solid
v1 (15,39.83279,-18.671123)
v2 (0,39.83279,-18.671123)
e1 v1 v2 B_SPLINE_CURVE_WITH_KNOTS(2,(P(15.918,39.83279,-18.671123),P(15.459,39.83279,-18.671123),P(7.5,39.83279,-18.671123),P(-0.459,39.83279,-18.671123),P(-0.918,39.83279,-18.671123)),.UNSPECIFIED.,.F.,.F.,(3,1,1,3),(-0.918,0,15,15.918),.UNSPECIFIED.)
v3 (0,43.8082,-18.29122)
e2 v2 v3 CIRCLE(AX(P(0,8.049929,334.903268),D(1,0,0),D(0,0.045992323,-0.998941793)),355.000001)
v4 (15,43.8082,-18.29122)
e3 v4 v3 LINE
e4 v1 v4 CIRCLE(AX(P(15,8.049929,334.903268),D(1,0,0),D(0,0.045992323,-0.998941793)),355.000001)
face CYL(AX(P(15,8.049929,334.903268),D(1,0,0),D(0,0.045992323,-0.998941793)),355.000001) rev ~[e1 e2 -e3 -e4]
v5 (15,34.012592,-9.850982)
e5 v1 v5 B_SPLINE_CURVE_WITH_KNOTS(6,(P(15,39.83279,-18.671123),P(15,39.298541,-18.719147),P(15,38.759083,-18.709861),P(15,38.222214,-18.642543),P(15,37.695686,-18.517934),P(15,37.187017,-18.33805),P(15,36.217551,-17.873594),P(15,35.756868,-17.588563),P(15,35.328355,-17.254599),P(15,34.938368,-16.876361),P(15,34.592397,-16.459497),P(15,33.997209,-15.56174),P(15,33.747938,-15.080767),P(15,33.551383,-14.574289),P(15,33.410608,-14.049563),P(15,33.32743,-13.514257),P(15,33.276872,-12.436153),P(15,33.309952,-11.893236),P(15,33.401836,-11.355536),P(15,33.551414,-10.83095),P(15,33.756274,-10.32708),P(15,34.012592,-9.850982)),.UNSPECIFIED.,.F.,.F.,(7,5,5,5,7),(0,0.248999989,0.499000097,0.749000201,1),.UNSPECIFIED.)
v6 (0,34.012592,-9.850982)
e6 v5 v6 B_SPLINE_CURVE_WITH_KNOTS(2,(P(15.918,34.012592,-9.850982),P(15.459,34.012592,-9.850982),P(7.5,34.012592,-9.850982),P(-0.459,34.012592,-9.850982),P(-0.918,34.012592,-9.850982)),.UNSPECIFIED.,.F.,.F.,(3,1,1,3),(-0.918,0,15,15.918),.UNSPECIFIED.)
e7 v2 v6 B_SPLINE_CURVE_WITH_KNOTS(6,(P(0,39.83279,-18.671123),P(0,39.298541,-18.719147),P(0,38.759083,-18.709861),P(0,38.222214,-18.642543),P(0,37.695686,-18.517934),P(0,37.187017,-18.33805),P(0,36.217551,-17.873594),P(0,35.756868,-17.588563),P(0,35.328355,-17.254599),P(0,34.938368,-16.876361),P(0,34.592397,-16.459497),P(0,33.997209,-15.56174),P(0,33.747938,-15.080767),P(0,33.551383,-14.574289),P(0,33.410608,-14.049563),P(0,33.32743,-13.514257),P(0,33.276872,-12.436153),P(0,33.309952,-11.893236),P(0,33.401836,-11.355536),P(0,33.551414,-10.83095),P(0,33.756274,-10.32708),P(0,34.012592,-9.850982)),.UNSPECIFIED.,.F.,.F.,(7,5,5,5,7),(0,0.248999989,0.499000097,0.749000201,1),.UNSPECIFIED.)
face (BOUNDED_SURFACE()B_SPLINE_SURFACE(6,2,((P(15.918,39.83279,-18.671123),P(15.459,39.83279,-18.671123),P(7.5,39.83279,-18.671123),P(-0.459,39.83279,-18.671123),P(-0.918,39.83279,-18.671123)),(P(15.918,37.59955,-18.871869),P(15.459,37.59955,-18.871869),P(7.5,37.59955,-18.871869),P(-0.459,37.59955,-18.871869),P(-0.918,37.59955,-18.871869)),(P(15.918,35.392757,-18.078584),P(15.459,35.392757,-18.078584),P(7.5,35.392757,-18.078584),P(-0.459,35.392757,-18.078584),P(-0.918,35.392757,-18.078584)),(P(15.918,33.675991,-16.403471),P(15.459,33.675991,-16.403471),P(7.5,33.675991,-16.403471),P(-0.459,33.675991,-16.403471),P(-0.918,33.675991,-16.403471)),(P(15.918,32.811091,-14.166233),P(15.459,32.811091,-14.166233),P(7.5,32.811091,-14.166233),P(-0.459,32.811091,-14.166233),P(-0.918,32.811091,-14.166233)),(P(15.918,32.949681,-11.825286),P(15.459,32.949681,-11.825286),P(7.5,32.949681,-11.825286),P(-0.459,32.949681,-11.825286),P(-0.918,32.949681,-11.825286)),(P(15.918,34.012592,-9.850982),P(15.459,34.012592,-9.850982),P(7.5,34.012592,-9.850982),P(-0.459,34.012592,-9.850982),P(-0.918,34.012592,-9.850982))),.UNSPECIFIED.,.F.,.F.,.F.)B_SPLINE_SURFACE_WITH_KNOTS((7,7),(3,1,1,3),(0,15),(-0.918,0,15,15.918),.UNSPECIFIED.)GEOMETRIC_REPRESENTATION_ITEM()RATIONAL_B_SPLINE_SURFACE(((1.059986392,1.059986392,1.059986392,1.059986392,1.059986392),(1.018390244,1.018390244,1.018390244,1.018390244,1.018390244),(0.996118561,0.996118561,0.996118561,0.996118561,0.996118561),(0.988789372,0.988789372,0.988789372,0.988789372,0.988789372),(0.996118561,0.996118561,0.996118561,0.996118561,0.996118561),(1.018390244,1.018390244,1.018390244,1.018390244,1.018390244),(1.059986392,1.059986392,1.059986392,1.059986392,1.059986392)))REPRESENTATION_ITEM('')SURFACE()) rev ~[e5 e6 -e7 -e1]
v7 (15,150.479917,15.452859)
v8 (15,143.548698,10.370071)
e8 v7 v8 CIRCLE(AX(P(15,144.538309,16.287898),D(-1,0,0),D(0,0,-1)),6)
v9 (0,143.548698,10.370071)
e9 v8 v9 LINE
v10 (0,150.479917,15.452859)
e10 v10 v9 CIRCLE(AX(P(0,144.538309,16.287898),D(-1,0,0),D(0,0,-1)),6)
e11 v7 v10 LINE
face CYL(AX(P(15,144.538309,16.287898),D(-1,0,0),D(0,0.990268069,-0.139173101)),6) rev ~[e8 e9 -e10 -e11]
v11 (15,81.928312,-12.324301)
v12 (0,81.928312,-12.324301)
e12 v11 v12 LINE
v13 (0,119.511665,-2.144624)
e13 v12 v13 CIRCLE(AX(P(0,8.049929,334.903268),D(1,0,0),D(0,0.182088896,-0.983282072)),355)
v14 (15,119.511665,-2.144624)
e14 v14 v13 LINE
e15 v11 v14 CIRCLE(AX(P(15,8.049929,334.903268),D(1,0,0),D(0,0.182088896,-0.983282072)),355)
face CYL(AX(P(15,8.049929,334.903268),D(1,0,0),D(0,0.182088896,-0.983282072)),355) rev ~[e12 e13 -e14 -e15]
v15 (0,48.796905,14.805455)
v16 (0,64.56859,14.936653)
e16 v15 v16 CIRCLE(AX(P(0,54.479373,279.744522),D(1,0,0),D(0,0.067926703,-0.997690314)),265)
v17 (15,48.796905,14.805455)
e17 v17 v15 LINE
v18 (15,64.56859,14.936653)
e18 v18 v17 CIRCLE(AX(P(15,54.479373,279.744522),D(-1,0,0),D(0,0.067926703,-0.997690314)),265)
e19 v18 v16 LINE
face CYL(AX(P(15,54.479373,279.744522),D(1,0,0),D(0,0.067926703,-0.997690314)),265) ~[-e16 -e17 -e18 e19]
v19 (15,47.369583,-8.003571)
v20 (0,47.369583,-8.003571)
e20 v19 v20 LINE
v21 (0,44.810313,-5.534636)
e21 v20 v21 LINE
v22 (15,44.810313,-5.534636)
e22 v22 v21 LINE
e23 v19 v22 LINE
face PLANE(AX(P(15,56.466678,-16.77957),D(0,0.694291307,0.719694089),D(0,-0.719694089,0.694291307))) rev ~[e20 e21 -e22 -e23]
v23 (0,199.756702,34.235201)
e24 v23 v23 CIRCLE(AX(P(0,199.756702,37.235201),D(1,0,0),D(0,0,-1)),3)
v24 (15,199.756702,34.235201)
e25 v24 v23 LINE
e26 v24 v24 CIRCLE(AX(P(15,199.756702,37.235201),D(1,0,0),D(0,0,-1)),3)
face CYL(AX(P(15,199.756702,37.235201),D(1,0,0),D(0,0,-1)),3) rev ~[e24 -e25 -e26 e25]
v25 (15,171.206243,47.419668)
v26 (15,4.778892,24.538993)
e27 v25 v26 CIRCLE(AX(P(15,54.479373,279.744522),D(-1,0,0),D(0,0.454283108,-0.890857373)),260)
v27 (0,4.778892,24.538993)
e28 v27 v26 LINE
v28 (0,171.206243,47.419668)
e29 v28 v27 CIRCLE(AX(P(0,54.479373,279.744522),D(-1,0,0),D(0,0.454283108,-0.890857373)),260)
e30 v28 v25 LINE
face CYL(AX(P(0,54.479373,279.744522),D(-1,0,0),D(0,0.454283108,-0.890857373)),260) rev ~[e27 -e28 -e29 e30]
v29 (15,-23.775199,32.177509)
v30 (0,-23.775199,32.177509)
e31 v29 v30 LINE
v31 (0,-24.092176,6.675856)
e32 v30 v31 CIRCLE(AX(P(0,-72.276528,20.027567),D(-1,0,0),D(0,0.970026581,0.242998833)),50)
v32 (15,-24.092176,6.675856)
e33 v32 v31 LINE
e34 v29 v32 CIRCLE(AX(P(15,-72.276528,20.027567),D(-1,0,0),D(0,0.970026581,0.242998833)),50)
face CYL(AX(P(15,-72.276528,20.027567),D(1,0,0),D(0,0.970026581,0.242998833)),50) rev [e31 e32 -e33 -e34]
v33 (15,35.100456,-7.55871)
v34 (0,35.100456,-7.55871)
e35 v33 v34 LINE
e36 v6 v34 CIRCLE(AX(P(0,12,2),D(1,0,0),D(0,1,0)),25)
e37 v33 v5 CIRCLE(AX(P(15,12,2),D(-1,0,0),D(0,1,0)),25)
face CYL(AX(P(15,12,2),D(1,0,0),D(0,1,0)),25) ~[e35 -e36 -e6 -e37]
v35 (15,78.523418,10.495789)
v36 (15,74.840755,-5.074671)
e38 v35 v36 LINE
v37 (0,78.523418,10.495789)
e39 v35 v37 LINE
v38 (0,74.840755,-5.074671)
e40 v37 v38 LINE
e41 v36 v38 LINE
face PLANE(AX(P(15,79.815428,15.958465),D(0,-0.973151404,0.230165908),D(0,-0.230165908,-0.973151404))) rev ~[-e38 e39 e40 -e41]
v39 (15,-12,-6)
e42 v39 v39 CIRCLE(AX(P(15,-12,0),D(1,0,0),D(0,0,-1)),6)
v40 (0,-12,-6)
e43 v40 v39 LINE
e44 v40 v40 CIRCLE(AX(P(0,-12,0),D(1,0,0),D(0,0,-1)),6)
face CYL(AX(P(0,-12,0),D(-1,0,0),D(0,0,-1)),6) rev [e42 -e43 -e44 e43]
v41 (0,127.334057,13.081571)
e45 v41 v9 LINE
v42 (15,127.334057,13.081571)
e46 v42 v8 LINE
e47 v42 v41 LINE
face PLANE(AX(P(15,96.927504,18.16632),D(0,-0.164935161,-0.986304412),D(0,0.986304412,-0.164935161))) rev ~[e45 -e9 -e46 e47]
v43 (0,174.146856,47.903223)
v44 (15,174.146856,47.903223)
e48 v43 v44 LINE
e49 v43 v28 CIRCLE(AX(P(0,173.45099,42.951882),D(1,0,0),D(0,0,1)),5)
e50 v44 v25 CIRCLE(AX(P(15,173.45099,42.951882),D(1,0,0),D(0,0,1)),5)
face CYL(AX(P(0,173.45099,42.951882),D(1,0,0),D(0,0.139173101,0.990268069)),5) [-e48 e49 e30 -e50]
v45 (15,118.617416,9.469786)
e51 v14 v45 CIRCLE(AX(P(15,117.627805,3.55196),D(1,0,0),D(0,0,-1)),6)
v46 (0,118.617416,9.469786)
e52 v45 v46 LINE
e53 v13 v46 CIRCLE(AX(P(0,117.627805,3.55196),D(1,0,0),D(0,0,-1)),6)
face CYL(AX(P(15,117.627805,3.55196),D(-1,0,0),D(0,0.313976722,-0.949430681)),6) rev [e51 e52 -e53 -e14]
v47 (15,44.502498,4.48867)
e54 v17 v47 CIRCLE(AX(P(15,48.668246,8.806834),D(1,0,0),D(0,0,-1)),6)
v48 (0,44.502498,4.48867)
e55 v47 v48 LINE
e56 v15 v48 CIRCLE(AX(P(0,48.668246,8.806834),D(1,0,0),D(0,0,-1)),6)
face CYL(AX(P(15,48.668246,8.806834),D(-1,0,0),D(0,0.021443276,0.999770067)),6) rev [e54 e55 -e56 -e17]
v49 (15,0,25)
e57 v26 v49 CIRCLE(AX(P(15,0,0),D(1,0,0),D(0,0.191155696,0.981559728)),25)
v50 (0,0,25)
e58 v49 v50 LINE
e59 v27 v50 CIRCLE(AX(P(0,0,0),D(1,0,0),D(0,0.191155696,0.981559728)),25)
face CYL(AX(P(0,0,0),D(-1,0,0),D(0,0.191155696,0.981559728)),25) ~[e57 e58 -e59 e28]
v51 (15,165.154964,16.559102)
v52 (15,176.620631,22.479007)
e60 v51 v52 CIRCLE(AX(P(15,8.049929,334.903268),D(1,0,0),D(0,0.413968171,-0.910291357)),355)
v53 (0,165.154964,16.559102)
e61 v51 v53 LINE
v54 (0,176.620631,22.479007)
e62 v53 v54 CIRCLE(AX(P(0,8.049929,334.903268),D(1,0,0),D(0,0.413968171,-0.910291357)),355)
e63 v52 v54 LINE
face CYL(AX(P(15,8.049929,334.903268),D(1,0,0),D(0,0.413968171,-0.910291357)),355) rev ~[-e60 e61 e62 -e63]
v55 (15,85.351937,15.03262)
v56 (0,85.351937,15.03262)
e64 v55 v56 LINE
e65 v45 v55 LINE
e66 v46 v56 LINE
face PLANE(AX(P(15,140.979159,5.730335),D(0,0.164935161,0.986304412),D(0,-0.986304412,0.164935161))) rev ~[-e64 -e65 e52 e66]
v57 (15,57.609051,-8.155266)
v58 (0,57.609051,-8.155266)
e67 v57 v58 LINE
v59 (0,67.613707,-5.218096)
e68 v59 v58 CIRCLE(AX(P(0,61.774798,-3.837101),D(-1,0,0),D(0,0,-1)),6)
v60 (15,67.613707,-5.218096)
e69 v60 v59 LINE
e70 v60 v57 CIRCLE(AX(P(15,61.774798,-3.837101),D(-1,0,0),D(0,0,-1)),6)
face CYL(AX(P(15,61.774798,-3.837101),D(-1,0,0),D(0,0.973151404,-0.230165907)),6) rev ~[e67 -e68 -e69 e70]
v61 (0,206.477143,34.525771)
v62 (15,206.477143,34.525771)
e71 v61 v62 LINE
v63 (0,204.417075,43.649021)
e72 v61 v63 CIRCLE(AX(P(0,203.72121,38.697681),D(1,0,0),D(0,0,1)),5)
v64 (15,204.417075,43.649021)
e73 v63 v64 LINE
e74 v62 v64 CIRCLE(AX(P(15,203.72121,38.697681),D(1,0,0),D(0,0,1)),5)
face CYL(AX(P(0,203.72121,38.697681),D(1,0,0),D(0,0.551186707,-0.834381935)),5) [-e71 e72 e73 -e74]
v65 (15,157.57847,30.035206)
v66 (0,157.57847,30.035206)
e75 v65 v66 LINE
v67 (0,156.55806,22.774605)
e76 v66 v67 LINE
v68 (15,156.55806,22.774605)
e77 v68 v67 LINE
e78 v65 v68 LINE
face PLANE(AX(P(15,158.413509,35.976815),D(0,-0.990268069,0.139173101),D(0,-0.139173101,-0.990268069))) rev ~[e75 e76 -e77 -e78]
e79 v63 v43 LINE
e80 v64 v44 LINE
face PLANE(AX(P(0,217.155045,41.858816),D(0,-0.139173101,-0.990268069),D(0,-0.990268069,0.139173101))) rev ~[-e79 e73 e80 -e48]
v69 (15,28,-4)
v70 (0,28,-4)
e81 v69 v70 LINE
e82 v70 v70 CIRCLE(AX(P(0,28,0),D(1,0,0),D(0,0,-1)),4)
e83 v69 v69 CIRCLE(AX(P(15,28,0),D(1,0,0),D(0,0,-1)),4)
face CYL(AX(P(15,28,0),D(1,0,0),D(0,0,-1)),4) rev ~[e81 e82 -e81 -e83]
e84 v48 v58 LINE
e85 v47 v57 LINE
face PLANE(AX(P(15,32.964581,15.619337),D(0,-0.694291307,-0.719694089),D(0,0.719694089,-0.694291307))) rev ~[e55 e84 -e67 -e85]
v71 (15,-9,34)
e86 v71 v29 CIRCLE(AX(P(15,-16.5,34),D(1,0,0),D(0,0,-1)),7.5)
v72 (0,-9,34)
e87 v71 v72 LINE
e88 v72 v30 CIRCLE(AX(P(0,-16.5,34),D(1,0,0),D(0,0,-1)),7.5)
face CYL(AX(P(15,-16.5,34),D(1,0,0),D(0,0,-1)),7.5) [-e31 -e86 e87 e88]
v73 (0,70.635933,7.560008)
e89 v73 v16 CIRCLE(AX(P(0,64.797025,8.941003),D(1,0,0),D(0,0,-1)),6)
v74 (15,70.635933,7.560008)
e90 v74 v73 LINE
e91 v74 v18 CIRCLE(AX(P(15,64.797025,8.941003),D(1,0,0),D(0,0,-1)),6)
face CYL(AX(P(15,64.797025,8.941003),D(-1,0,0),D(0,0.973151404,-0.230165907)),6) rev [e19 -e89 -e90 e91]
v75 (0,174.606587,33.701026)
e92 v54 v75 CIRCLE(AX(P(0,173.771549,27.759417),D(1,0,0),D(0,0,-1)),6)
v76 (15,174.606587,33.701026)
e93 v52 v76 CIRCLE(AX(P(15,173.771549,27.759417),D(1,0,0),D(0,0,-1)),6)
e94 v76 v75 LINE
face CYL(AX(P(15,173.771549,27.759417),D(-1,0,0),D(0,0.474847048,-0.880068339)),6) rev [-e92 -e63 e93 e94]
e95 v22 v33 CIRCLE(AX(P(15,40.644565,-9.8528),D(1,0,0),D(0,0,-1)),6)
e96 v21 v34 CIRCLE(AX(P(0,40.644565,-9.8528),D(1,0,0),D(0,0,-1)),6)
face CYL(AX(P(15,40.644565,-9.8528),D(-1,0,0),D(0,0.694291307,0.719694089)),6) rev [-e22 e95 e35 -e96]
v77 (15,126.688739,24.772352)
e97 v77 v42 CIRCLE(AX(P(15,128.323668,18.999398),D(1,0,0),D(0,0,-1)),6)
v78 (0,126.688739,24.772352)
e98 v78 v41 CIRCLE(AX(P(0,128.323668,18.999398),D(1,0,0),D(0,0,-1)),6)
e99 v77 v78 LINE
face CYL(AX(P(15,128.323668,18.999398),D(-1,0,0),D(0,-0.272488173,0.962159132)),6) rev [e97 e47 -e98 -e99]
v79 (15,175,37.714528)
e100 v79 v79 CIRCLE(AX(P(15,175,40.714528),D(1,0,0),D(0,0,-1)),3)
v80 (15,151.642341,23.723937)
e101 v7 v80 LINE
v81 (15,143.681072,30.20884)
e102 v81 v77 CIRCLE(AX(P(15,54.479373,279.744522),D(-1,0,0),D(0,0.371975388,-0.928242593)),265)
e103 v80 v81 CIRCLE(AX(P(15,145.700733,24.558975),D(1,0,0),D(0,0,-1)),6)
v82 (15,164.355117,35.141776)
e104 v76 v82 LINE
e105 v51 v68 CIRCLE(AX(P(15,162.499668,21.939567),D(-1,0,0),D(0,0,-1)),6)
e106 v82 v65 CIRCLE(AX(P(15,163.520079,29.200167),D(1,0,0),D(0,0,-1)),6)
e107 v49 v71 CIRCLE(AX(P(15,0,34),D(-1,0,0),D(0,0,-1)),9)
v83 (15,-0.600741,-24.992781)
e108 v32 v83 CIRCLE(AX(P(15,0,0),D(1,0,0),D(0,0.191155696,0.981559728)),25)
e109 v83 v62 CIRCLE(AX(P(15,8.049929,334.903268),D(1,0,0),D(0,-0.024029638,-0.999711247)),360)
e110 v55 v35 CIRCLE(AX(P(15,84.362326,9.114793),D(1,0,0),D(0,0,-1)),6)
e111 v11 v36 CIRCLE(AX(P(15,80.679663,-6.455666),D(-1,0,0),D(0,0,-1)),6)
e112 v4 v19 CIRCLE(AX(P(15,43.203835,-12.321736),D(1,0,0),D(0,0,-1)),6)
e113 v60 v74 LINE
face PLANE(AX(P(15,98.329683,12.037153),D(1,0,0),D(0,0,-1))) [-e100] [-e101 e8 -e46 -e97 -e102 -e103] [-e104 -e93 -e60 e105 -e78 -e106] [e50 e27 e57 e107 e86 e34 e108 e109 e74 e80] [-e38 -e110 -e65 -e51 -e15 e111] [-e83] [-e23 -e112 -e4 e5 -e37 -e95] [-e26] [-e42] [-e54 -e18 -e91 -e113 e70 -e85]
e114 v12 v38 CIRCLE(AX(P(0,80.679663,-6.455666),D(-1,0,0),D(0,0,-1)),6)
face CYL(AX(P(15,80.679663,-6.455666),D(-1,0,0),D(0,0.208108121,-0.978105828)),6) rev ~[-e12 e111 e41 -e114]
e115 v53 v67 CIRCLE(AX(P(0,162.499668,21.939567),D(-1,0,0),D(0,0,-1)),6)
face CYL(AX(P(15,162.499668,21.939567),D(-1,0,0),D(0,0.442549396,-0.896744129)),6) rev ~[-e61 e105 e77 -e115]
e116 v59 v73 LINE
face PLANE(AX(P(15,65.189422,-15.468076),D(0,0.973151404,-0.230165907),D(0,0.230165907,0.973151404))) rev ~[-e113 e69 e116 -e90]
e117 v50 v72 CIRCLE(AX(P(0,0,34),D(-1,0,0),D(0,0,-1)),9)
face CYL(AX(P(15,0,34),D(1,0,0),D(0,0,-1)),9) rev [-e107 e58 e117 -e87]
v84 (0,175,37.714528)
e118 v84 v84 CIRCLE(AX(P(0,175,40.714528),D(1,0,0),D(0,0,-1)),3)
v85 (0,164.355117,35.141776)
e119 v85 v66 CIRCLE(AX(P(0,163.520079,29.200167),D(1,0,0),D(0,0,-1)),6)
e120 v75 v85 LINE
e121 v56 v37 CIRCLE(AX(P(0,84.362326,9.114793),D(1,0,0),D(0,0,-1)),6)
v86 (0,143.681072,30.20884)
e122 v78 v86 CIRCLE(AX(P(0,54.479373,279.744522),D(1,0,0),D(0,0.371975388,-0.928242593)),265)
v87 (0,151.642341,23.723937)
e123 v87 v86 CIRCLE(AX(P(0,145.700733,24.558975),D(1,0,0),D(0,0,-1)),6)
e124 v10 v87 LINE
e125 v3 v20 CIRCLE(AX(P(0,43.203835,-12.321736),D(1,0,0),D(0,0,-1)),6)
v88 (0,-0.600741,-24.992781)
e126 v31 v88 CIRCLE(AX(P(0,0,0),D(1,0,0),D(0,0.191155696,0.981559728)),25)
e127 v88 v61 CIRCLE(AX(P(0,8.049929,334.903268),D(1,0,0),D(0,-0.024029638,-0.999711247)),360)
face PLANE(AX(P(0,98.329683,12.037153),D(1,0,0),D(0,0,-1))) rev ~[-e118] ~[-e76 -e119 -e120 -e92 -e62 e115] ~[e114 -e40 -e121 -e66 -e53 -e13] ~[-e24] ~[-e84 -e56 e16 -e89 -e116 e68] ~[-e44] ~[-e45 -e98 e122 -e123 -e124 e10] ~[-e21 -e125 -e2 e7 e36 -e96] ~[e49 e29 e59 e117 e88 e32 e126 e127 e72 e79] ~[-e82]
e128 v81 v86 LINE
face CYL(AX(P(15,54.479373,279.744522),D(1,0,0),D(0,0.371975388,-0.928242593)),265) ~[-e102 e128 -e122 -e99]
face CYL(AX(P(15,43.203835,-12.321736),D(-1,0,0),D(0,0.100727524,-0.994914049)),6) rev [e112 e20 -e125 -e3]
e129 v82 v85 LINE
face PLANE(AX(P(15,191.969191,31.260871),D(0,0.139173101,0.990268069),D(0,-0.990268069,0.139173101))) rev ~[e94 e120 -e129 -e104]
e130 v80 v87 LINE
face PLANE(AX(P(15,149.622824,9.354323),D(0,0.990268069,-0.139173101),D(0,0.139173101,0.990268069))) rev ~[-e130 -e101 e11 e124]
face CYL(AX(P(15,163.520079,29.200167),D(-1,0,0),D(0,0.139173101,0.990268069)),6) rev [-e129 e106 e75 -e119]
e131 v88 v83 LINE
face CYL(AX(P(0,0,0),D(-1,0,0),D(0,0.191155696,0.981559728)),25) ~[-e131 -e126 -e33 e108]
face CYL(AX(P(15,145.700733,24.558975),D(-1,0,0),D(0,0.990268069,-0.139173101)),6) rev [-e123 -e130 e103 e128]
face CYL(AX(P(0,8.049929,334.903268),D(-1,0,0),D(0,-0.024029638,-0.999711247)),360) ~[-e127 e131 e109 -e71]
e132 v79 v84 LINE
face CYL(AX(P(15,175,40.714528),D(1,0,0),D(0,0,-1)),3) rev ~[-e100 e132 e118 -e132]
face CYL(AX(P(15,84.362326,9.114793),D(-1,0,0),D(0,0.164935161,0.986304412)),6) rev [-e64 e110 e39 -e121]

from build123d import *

# Parameters (mm, degrees)
SKETCH1_R           = 6
BOSS_EXTRUDE1_DEPTH = 15
SKETCH2_R           = 4
CUT_EXTRUDE1_DEPTH  = 16
SKETCH3_R           = 3
CUT_EXTRUDE2_DEPTH  = 16
CUT_EXTRUDE3_DEPTH  = 16
FILLET1_R           = 6
SKETCH5_R           = 7.5
BOSS_EXTRUDE2_DEPTH = 15
FILLET2_R           = 5


with BuildPart() as part:
    # Sketch1 → Boss-Extrude1 (new body)
    with BuildSketch(Plane(origin=(0, 0, 0), x_dir=(0, 0, -1), z_dir=(1, 0, 0))):
        with BuildLine():
            ThreePointArc((24.992781164, -0.60074095), (9.243822678, 113.703988064), (-41.858816097, 217.155044504))
            Line((-41.858816097, 217.155044504), (-48.12160564, 172.59298141))
            ThreePointArc((-48.12160564, 172.59298141), (-22.274376436, 90.661190514), (-24.538993202, 4.778892408))
            ThreePointArc((-24.538993202, 4.778892408), (2.400538477, 24.88448141), (25, 0))
            ThreePointArc((25, 0), (24.998195226, -0.30039216), (24.992781164, -0.60074095))
        make_face()
        with BuildLine():
            ThreePointArc((-24.538993202, 4.778892408), (-2.699369305, -24.853840857), (24.992781164, -0.60074095))
            ThreePointArc((24.992781164, -0.60074095), (24.998195226, -0.30039216), (25, 0))
            ThreePointArc((25, 0), (2.400538477, 24.88448141), (-24.538993202, 4.778892408))
        make_face()
        with Locations((0, -12)):
            Circle(SKETCH1_R, mode=Mode.SUBTRACT)
    extrude(amount=BOSS_EXTRUDE1_DEPTH)

    # Sketch2 → Cut-Extrude1 (cut, through all)
    with BuildSketch(Plane(origin=(15, 0, 0), x_dir=(0, 0, -1), z_dir=(1, 0, 0))):
        with Locations((0, 28)):
            Circle(SKETCH2_R)
    extrude(amount=-CUT_EXTRUDE1_DEPTH, mode=Mode.SUBTRACT)

    # Sketch3 → Cut-Extrude2 (cut, through all)
    with BuildSketch(Plane(origin=(15, 0, 0), x_dir=(0, 0, -1), z_dir=(1, 0, 0))):
        with Locations((-40.714528231, 175)):
            Circle(SKETCH3_R)
        with Locations((-37.235200707, 199.756701719)):
            Circle(SKETCH3_R)
    extrude(amount=-CUT_EXTRUDE2_DEPTH, mode=Mode.SUBTRACT)

    # Sketch4 → Cut-Extrude3 (cut, through all)
    with BuildSketch(Plane(origin=(15, 0, 0), x_dir=(0, 0, -1), z_dir=(1, 0, 0))):
        with BuildLine():
            ThreePointArc((-11.749836025, 155.008629259), (-20.960958666, 173.77628952), (-31.260870979, 191.969190837))
            Line((-31.260870979, 191.969190837), (-35.976814508, 158.413509038))
            Line((-35.976814508, 158.413509038), (-11.749836025, 155.008629259))
        make_face()
        with BuildLine():
            Line((-9.354323007, 149.622823998), (-33.760235475, 153.052851308))
            ThreePointArc((-33.760235475, 153.052851308), (-24.416431689, 125.419954523), (-18.166319592, 96.927503721))
            Line((-18.166319592, 96.927503721), (-9.354323007, 149.622823998))
        make_face()
        with BuildLine():
            ThreePointArc((14.161868129, 72.691486719), (5.930300275, 107.334766496), (-5.730334656, 140.979158838))
            Line((-5.730334656, 140.979158838), (-15.958464631, 79.815428272))
            Line((-15.958464631, 79.815428272), (14.161868129, 72.691486719))
        make_face()
        with BuildLine():
            Line((15.468075791, 65.189422352), (-15.356589243, 72.479949778))
            ThreePointArc((-15.356589243, 72.479949778), (-14.750380465, 52.717361117), (-15.619336812, 32.964581198))
            Line((-15.619336812, 32.964581198), (15.468075791, 65.189422352))
        make_face()
        with BuildLine():
            ThreePointArc((19.721068997, 24.377203305), (18.614609922, 40.455333735), (16.779570125, 56.466678425))
            Line((16.779570125, 56.466678425), (-2, 37))
            ThreePointArc((-2, 37), (10.561248293, 33.615157675), (19.721068997, 24.377203305))
        make_face()
    extrude(amount=-CUT_EXTRUDE3_DEPTH, mode=Mode.SUBTRACT)

    # Fillet1
    fillet1_edges = [part.edges().sort_by_distance(p)[0] for p in [
        (7.5, 155.008629259, 11.749836025),
        (7.5, 158.413509038, 35.976814508),
        (7.5, 191.969190837, 31.260870979),
        (7.5, 96.927503721, 18.166319592),
        (7.5, 153.052851308, 33.760235475),
        (7.5, 149.622823998, 9.354323007),
        (7.5, 72.691486719, -14.161868129),
        (7.5, 79.815428272, 15.958464631),
        (7.5, 140.979158838, 5.730334656),
        (7.5, 32.964581198, 15.619336812),
        (7.5, 72.479949778, 15.356589243),
        (7.5, 65.189422352, -15.468075791),
        (7.5, 24.377203305, -19.721068997),
        (7.5, 37, 2),
        (7.5, 56.466678425, -16.779570125),
    ]]
    fillet(fillet1_edges, radius=FILLET1_R)

    # Sketch5 → Boss-Extrude2 (add)
    with BuildSketch(Plane(origin=(15, 0, 0), x_dir=(0, 0, -1), z_dir=(1, 0, 0))):
        with BuildLine():
            ThreePointArc((-34, -9), (-28.696699141, -11.196699141), (-26.5, -16.5))
            ThreePointArc((-26.5, -16.5), (-28.087357429, -21.114180081), (-32.177508753, -23.775199355))
            ThreePointArc((-32.177508753, -23.775199355), (-19.40613231, -22.280390349), (-6.675855702, -24.092176129))
            ThreePointArc((-6.675855702, -24.092176129), (-19.898447082, -15.134457497), (-25, 0))
            ThreePointArc((-25, 0), (-27.636038969, -6.363961031), (-34, -9))
        make_face()
        with Locations((-34, -16.5)):
            Circle(SKETCH5_R)
    extrude(amount=-BOSS_EXTRUDE2_DEPTH)

    # Fillet2
    fillet2_edges = [part.edges().sort_by_distance(p)[0] for p in [
        (7.5, 172.59298141, 48.12160564),
        (7.5, 217.155044504, 41.858816097),
    ]]
    fillet(fillet2_edges, radius=FILLET2_R)


solid = part.part
